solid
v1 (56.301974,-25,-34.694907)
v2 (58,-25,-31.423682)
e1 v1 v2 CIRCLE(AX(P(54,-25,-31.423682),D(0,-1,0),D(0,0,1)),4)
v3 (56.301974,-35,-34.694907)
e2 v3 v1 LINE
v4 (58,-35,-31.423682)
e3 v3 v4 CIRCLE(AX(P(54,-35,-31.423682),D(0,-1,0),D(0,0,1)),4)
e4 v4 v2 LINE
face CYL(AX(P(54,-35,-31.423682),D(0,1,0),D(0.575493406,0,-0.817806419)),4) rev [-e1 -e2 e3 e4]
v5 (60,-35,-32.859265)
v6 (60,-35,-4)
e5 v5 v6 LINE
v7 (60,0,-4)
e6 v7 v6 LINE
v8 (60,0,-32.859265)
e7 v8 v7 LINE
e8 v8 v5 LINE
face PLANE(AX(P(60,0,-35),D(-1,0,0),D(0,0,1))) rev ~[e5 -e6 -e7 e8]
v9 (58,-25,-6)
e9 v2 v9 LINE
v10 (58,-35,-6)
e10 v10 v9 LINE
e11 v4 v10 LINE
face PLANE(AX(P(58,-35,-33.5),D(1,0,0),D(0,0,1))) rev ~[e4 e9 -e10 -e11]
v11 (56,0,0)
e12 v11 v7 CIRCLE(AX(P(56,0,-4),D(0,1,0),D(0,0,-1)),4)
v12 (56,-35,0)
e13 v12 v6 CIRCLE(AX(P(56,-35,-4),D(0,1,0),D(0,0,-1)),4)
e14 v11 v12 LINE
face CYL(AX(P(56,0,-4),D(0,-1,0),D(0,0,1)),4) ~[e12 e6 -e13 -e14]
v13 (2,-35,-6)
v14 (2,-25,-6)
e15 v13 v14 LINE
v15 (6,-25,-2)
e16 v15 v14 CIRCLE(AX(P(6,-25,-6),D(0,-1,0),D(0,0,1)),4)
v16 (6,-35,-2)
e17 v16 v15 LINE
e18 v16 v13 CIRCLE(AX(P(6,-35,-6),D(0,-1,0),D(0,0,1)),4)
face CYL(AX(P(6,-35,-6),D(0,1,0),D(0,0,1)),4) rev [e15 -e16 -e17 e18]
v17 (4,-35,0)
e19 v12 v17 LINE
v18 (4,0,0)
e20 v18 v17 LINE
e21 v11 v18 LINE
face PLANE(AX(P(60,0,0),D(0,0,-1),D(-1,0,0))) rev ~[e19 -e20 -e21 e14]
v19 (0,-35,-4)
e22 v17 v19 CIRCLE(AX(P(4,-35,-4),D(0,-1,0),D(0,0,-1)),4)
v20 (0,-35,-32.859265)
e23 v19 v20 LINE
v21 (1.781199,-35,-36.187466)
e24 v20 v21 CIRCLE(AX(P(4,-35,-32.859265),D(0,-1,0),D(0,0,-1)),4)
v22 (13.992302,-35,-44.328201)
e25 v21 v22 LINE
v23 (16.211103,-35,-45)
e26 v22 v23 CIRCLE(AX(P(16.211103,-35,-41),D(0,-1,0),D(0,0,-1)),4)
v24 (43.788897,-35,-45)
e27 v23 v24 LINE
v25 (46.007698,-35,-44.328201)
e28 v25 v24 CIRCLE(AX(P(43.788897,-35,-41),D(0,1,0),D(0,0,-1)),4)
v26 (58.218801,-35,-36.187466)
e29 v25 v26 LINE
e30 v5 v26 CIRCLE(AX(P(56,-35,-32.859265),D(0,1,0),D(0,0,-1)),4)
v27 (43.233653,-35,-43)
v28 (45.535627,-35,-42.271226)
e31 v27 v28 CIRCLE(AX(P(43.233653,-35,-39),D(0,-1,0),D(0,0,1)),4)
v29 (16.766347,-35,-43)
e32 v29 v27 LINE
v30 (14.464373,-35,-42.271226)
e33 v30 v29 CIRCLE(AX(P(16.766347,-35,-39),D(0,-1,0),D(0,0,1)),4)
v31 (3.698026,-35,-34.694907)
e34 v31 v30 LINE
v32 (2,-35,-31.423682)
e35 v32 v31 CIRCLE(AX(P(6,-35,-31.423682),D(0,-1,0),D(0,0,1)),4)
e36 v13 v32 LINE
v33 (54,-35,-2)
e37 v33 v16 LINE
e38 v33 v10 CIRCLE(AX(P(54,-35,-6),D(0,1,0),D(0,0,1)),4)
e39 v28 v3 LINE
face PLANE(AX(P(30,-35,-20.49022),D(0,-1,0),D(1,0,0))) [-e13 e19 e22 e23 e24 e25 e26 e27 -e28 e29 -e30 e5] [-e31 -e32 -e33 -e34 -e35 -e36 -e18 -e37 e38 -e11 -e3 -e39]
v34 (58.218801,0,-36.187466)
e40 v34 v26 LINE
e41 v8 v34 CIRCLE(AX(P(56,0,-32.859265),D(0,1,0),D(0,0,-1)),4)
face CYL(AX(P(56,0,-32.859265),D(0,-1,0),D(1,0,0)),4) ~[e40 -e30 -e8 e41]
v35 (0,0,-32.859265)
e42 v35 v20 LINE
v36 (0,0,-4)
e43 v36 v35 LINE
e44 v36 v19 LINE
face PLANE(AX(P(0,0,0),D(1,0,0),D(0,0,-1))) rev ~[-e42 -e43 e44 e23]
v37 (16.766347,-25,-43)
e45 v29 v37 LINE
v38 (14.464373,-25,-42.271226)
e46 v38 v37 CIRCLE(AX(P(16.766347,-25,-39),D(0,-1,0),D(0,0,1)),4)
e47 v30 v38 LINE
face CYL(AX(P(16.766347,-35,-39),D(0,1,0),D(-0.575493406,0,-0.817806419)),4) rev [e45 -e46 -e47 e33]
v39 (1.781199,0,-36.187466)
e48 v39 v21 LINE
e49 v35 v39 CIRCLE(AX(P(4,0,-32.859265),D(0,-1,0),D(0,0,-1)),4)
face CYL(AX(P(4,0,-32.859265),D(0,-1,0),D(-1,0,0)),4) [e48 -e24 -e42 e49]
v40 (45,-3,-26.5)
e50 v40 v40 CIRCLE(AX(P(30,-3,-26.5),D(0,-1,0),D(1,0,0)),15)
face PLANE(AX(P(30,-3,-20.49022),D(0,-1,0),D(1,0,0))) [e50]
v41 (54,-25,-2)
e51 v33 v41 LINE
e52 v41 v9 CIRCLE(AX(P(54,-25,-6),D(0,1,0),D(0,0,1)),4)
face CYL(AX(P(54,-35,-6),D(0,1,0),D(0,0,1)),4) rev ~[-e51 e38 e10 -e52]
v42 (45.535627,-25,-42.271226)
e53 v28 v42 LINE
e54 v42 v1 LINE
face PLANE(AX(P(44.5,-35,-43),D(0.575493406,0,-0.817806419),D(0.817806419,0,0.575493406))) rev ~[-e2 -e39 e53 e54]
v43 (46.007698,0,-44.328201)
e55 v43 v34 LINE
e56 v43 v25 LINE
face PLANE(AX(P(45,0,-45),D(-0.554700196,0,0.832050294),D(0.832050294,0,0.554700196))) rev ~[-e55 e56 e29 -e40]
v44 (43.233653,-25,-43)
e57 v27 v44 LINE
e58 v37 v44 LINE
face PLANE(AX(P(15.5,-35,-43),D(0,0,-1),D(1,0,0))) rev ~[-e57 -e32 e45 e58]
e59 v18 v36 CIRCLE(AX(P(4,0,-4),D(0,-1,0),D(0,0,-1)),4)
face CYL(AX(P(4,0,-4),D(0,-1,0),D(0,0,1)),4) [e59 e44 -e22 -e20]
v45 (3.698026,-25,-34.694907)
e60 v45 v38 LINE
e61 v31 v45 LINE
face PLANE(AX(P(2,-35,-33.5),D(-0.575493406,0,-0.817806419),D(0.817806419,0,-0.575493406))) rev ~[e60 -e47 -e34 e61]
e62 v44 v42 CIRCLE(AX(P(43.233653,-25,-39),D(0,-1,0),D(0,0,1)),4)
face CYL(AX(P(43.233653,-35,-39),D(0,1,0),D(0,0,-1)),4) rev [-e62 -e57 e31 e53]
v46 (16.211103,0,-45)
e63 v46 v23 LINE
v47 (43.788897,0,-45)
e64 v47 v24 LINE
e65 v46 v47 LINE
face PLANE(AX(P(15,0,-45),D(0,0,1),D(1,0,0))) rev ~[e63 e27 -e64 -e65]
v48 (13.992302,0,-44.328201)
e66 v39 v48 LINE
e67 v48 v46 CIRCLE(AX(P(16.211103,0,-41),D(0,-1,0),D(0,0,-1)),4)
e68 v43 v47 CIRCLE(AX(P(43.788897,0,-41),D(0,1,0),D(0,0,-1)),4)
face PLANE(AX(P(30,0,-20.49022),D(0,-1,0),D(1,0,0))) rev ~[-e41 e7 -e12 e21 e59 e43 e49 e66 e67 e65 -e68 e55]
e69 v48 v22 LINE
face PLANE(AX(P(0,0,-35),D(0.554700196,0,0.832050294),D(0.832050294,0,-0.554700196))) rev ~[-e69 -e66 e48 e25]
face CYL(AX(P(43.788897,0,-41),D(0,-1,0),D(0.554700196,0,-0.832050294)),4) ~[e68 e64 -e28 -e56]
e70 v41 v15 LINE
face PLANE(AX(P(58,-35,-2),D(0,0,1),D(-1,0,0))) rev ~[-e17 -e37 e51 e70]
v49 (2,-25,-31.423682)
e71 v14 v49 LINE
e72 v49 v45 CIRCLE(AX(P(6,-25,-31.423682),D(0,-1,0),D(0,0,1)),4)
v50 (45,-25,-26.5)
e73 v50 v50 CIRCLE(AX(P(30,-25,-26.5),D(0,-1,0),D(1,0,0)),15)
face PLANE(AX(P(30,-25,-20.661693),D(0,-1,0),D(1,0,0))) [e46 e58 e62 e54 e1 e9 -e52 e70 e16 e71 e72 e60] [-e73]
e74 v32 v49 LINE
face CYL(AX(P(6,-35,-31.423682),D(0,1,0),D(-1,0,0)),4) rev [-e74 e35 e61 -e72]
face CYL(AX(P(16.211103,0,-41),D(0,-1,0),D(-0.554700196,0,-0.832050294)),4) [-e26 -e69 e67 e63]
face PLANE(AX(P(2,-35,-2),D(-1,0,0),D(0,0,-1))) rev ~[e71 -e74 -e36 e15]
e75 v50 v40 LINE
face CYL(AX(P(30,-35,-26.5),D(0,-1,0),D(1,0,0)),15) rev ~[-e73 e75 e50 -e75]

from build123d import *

# Parameters (mm, degrees)
F1_DEPTH = 35
F2_R     = 15
F3_DEPTH = 10
F4_DEPTH = 32
F5_R     = 4


with BuildPart() as f1:
    # F0 (on Front) → F1 (new body)
    with BuildSketch(Plane.XZ):
        Polygon((60, 0), (0, 0), (0, -35), (15, -45), (45, -45), (60, -35), align=None)
    extrude(amount=F1_DEPTH)

    # F2 (on face) → F3 (cut)
    with BuildSketch(Plane.XZ.offset(35)):
        Polygon((58, -2), (2, -2), (2, -33.5), (15.5, -43), (30, -43), (44.5, -43), (58, -33.5), align=None)
        with Locations((30, -26.5)):
            Circle(F2_R, mode=Mode.SUBTRACT)
    extrude(amount=-F3_DEPTH, mode=Mode.SUBTRACT)

    # F4 (cut): faces of the model
    f4_faces = [f1.faces().sort_by_distance(p)[0] for p in [
        (30, -35, -26.5),
        (30, -35, -26.5),
    ]]
    extrude(f4_faces, amount=-F4_DEPTH, mode=Mode.SUBTRACT)

    # F5
    f5_edges = [f1.edges().sort_by_distance(p)[0] for p in [
        (60, -17.5, 0),
        (60, -17.5, -35),
        (0, -17.5, 0),
        (45, -17.5, -45),
        (15, -17.5, -45),
        (0, -17.5, -35),
        (2, -30, -33.5),
        (44.5, -30, -43),
        (15.5, -30, -43),
        (58, -30, -33.5),
        (58, -30, -2),
        (2, -30, -2),
    ]]
    fillet(f5_edges, radius=F5_R)


solid = f1.part
